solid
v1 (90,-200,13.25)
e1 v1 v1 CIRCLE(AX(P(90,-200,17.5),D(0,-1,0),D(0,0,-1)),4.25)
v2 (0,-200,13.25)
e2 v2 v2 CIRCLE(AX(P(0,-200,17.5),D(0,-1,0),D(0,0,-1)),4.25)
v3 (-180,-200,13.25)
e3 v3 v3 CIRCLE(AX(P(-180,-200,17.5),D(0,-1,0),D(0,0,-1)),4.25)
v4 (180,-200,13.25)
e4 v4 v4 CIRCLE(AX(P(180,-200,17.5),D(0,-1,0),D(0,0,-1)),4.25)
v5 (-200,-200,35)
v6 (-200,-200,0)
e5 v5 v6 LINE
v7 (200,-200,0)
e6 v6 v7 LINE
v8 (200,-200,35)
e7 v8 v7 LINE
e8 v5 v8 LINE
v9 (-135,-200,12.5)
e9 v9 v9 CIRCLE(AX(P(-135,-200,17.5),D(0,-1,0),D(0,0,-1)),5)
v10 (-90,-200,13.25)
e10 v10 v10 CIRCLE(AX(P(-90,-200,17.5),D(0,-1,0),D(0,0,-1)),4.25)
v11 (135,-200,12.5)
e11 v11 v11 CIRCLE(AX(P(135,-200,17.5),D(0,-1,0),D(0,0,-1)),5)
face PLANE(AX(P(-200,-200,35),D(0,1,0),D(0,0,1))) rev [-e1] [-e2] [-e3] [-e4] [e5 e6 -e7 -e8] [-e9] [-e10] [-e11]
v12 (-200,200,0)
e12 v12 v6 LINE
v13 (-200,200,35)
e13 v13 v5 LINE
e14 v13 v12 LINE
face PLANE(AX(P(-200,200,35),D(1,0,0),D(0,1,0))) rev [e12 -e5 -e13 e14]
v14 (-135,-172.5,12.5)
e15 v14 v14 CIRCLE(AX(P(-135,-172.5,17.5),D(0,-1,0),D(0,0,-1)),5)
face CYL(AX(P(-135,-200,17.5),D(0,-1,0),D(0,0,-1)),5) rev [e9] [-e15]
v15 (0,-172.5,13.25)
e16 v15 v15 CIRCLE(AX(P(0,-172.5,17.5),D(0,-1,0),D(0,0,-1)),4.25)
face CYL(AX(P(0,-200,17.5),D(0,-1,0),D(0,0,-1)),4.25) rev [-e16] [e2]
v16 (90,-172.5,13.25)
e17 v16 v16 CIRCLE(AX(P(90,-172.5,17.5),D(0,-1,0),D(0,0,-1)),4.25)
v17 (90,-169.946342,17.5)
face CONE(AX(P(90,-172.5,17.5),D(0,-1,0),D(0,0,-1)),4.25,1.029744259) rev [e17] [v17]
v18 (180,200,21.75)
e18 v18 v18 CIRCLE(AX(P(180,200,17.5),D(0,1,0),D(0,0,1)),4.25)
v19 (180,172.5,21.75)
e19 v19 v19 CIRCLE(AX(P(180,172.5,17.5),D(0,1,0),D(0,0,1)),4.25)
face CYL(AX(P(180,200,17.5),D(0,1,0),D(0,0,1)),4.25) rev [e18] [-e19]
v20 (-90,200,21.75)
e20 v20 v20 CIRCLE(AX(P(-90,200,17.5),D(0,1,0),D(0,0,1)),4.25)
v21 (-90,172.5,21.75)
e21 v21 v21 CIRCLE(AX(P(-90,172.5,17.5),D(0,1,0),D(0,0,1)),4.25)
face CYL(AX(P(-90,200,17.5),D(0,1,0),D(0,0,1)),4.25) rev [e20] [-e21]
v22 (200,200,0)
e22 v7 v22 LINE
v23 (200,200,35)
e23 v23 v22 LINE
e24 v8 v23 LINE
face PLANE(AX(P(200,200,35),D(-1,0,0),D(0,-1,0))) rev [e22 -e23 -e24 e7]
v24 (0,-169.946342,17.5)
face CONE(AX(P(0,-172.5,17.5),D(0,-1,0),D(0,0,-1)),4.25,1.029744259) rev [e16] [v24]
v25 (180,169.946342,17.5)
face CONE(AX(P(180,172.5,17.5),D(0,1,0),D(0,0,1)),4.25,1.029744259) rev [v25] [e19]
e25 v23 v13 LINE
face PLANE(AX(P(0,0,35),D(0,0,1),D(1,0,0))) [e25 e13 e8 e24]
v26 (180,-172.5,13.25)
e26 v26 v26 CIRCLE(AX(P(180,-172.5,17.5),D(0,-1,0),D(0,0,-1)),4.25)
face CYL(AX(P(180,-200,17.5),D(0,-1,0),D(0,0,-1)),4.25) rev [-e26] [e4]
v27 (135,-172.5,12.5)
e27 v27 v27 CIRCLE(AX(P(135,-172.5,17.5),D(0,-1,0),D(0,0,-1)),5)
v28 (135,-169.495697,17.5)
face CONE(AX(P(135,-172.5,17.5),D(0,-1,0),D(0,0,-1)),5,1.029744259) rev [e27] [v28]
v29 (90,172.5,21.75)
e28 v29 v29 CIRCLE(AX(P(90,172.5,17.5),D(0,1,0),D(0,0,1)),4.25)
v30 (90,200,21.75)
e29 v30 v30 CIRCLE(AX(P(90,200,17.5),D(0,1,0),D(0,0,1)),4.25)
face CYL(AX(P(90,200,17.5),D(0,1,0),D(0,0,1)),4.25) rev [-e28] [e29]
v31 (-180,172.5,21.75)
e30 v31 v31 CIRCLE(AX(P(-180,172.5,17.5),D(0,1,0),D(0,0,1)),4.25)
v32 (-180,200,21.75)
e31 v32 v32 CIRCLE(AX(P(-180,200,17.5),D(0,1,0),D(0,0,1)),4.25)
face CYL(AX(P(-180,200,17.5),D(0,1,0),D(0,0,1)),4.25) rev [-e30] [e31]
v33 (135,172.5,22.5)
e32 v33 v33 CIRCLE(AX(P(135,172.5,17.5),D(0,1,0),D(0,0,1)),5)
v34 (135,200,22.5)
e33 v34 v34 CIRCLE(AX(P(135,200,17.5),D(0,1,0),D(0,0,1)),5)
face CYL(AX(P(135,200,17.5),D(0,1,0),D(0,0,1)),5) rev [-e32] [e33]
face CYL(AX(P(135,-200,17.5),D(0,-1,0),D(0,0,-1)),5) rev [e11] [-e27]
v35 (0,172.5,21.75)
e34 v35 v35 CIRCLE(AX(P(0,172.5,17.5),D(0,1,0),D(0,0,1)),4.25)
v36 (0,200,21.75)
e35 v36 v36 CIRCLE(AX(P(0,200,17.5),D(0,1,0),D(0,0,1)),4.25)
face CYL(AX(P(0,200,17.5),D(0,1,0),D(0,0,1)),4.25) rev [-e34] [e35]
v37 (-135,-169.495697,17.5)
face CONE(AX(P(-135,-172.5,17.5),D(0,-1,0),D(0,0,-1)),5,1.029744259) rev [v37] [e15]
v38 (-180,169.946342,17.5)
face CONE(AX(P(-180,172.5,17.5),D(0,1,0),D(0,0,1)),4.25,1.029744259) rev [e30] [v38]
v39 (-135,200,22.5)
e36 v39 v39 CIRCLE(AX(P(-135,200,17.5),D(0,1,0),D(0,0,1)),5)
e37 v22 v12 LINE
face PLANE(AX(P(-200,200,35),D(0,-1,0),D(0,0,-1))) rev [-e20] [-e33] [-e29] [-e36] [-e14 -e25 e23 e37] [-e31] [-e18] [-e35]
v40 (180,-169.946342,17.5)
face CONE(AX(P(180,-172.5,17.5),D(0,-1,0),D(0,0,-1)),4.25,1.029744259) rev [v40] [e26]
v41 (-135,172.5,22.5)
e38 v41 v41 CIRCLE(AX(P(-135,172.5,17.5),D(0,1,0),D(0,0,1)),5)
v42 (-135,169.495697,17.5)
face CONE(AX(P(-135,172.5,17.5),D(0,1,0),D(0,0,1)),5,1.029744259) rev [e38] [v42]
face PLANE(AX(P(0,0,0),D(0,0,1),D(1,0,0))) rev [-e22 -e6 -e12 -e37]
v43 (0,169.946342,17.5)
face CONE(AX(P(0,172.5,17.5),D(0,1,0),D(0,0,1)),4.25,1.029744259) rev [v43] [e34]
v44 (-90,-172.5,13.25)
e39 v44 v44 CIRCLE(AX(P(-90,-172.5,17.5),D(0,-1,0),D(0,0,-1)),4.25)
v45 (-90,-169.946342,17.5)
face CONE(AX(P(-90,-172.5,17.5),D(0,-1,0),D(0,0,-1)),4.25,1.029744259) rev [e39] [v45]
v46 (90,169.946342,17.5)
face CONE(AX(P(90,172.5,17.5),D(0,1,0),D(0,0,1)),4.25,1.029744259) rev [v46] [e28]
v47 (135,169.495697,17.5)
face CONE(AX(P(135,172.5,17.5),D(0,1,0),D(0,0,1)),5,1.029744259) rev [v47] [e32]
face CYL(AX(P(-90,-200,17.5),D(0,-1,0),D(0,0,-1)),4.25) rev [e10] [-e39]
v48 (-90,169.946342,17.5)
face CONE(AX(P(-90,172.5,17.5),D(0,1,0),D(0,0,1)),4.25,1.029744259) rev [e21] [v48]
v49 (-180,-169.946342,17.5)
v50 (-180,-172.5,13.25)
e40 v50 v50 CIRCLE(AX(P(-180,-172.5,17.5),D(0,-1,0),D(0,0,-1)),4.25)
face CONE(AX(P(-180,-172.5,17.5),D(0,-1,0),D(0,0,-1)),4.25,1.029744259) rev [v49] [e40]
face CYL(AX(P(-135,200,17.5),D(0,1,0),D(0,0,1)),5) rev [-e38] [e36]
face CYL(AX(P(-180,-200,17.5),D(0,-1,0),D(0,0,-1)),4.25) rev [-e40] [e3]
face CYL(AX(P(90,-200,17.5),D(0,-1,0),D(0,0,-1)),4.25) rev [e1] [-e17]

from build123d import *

# Parameters (mm, degrees)
ESBO_O1_W                    = 400
ESBO_O1_H                    = 400
RESSALTO_EXTRUS_O1_DEPTH     = 35
FURO_ROSCADO_DE_M103_D       = 8.5
FURO_ROSCADO_DE_M103_DEPTH   = 27.5
FURO_ROSCADO_DE_M103_TIP     = 2.553657631
FURO_ROSCADO_DE_M104_D       = 8.5
FURO_ROSCADO_DE_M104_DEPTH   = 27.5
FURO_ROSCADO_DE_M104_TIP     = 2.553657631
FUROS_GUIA_COM_10_0MM3_D     = 10
FUROS_GUIA_COM_10_0MM3_DEPTH = 27.5
FUROS_GUIA_COM_10_0MM3_TIP   = 3.004303095
FUROS_GUIA_COM_10_0MM4_D     = 10
FUROS_GUIA_COM_10_0MM4_DEPTH = 27.5
FUROS_GUIA_COM_10_0MM4_TIP   = 3.004303095


with BuildPart() as part:
    # Esboço1 → Ressalto-extrusão1 (new body)
    with BuildSketch(Plane.XY):
        Rectangle(ESBO_O1_W, ESBO_O1_H)
    extrude(amount=RESSALTO_EXTRUS_O1_DEPTH)

    # Furo roscado de M103
    with Locations(Plane(origin=(0, 200, 0), x_dir=(1, 0, 0), z_dir=(0, 1, 0))):
        with Locations((-180, -17.5), (-90, -17.5), (0, -17.5), (90, -17.5), (180, -17.5)):
            Hole(FURO_ROSCADO_DE_M103_D / 2, depth=FURO_ROSCADO_DE_M103_DEPTH)
            with Locations((0, 0, -(FURO_ROSCADO_DE_M103_DEPTH + FURO_ROSCADO_DE_M103_TIP / 2))):  # 118° drill point
                Cone(0, FURO_ROSCADO_DE_M103_D / 2, FURO_ROSCADO_DE_M103_TIP, mode=Mode.SUBTRACT)

    # Furo roscado de M104
    with Locations(Plane(origin=(0, -200, 0), x_dir=(-1, 0, 0), z_dir=(0, -1, 0))):
        with Locations((180, -17.5), (90, -17.5), (0, -17.5), (-90, -17.5), (-180, -17.5)):
            Hole(FURO_ROSCADO_DE_M104_D / 2, depth=FURO_ROSCADO_DE_M104_DEPTH)
            with Locations((0, 0, -(FURO_ROSCADO_DE_M104_DEPTH + FURO_ROSCADO_DE_M104_TIP / 2))):  # 118° drill point
                Cone(0, FURO_ROSCADO_DE_M104_D / 2, FURO_ROSCADO_DE_M104_TIP, mode=Mode.SUBTRACT)

    # Furos-guia com Ø10.0mm3
    with Locations(Plane(origin=(0, -200, 0), x_dir=(-1, 0, 0), z_dir=(0, -1, 0))):
        with Locations((135, -17.5), (-135, -17.5)):
            Hole(FUROS_GUIA_COM_10_0MM3_D / 2, depth=FUROS_GUIA_COM_10_0MM3_DEPTH)
            with Locations((0, 0, -(FUROS_GUIA_COM_10_0MM3_DEPTH + FUROS_GUIA_COM_10_0MM3_TIP / 2))):  # 118° drill point
                Cone(0, FUROS_GUIA_COM_10_0MM3_D / 2, FUROS_GUIA_COM_10_0MM3_TIP, mode=Mode.SUBTRACT)

    # Furos-guia com Ø10.0mm4
    with Locations(Plane(origin=(0, 200, 0), x_dir=(1, 0, 0), z_dir=(0, 1, 0))):
        with Locations((-135, -17.5), (135, -17.5)):
            Hole(FUROS_GUIA_COM_10_0MM4_D / 2, depth=FUROS_GUIA_COM_10_0MM4_DEPTH)
            with Locations((0, 0, -(FUROS_GUIA_COM_10_0MM4_DEPTH + FUROS_GUIA_COM_10_0MM4_TIP / 2))):  # 118° drill point
                Cone(0, FUROS_GUIA_COM_10_0MM4_D / 2, FUROS_GUIA_COM_10_0MM4_TIP, mode=Mode.SUBTRACT)


solid = part.part
